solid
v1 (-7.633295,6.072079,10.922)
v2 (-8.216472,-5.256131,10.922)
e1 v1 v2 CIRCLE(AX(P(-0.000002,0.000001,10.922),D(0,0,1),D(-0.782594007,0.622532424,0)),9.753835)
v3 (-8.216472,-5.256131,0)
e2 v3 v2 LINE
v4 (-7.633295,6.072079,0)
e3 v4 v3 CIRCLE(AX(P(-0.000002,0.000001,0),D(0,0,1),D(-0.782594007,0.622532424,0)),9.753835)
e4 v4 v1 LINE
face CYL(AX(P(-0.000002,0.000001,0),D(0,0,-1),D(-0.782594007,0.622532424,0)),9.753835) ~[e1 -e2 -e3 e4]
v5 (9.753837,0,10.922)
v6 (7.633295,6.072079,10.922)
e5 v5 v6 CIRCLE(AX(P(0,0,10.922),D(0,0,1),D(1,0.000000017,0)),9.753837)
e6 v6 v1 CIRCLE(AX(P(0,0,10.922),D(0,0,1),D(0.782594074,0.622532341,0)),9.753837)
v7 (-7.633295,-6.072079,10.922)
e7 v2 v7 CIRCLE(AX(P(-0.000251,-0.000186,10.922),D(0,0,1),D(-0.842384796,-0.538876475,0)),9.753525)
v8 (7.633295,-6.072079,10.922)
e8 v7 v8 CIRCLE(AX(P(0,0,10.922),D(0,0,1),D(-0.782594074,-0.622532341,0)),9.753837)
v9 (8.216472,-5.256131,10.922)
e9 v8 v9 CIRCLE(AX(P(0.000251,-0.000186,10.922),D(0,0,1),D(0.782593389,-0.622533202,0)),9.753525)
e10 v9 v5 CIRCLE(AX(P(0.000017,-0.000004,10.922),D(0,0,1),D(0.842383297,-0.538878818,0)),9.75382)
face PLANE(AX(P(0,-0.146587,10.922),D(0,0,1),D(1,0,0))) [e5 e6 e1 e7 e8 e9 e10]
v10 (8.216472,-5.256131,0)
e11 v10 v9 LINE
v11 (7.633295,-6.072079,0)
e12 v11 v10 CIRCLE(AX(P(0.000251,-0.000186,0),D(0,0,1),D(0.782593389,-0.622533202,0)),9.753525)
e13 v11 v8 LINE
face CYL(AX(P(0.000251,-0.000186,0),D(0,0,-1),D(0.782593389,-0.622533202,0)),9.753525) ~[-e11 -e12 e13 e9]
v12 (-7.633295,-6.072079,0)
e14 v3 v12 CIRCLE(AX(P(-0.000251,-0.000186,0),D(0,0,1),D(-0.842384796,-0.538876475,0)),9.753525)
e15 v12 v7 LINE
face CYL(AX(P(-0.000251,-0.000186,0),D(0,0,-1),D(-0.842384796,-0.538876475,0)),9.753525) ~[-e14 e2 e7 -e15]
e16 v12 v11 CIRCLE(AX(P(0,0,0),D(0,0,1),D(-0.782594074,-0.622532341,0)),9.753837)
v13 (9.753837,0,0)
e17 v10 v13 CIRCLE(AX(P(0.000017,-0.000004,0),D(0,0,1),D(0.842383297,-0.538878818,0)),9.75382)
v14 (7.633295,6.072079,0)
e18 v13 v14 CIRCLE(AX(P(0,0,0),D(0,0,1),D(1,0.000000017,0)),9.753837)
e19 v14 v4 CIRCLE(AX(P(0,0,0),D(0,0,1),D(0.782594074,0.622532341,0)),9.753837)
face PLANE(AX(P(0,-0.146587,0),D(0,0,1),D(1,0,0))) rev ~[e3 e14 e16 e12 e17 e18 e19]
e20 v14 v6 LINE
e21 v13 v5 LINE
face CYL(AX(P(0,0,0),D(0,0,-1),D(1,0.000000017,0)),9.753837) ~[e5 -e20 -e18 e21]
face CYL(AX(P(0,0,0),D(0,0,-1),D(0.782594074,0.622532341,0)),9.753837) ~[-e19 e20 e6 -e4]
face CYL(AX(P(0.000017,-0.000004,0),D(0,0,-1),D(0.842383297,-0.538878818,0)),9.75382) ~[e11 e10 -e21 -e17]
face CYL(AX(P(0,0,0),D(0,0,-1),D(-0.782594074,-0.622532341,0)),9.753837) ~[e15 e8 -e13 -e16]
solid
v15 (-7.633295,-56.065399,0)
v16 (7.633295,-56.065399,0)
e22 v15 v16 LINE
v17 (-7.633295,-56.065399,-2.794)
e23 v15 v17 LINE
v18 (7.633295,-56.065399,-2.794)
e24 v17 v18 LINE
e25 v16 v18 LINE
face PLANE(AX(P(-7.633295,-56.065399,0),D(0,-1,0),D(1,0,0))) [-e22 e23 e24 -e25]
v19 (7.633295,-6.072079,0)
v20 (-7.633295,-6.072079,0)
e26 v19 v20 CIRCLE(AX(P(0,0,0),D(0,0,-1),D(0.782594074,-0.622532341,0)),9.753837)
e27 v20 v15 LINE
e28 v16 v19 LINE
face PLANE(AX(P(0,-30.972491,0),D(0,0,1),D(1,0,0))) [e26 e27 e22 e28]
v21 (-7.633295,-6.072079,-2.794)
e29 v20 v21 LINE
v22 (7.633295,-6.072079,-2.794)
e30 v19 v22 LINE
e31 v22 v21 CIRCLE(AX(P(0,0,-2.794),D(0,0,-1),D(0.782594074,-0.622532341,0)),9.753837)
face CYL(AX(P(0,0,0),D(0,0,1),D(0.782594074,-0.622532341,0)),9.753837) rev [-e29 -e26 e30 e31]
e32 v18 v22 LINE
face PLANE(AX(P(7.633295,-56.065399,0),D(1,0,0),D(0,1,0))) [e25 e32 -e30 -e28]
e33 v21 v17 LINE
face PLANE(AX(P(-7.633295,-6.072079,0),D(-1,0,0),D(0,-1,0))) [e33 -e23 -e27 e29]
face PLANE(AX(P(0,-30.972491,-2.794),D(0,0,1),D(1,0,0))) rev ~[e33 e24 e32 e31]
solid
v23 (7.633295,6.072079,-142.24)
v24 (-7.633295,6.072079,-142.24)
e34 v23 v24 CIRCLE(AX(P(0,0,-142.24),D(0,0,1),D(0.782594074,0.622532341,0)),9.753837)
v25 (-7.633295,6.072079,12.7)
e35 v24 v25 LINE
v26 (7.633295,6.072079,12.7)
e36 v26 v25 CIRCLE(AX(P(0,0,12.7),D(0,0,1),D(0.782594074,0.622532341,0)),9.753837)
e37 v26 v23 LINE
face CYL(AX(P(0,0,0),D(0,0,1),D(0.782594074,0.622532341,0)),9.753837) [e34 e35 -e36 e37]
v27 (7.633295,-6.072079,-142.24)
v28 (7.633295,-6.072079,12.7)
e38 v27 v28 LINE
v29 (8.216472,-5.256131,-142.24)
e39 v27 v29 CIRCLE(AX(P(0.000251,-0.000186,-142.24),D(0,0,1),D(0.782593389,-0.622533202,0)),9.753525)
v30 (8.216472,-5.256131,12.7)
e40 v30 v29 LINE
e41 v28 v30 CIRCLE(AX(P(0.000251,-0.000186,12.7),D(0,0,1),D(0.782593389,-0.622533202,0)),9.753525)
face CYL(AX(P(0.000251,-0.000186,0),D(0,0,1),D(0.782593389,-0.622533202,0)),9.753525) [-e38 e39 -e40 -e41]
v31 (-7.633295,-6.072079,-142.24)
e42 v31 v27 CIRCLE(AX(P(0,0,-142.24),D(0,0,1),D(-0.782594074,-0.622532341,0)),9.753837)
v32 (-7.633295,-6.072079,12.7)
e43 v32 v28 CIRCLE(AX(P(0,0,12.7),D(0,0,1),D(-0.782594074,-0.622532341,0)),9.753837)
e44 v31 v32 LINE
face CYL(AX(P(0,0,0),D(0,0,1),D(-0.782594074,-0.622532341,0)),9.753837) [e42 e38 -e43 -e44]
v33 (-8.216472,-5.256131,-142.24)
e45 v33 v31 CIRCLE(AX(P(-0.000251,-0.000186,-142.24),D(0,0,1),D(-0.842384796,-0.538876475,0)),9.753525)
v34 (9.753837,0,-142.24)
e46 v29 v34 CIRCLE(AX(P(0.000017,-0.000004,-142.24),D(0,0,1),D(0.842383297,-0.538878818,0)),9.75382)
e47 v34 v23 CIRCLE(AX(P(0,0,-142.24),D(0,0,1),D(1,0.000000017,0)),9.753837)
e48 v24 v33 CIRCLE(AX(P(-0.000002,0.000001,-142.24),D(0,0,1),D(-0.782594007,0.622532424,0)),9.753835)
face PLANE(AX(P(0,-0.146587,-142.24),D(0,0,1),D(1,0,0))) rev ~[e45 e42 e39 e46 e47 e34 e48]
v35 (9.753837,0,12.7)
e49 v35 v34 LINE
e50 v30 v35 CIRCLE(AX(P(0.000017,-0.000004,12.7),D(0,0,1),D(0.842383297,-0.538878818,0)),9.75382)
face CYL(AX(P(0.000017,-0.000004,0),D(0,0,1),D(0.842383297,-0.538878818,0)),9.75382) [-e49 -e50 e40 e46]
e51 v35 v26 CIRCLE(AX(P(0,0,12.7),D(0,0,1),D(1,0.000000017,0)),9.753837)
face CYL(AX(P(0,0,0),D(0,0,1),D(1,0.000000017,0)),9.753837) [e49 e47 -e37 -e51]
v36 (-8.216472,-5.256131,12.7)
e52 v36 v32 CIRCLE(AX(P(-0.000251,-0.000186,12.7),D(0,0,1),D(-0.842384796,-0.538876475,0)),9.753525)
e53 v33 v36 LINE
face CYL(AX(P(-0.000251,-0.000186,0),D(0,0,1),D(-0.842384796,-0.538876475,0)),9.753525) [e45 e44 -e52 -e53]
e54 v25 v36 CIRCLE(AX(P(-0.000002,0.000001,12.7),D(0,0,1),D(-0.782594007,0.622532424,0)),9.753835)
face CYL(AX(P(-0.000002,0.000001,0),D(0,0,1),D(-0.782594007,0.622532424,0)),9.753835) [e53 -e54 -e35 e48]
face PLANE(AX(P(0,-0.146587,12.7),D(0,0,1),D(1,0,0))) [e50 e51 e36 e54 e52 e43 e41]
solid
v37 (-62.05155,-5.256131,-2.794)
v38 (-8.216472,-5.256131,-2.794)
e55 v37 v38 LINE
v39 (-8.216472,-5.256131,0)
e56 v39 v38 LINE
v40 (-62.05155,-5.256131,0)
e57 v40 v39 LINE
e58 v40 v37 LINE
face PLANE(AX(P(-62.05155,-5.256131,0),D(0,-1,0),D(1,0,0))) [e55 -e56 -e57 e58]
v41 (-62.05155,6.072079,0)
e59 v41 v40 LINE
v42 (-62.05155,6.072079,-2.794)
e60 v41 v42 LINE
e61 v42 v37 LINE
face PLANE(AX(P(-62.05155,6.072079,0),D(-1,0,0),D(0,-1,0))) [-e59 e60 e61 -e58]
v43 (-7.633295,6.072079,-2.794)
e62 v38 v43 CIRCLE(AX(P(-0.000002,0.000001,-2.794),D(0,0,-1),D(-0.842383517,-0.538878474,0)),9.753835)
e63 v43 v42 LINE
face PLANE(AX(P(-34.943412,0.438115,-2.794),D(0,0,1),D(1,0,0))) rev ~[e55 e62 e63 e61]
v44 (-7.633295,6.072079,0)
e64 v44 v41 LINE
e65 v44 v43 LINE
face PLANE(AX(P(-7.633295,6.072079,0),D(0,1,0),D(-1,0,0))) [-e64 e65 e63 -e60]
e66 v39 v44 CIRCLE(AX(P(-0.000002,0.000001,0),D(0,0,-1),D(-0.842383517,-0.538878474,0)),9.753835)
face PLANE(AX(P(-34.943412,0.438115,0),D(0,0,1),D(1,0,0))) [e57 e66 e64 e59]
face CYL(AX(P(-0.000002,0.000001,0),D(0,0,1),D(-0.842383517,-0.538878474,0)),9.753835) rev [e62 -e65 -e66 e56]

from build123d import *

# Parameters (mm, degrees)
F1_DEPTH      = 10.922
F2_DEPTH      = 2.794
F3_DEPTH      = 12.7
F3_DEPTH_BACK = 142.24


with BuildPart() as f1:
    # F0 (on Top) → F1 (new body)
    with BuildSketch(Plane.XY):
        with BuildLine():
            Line((7.633295, -5.256131), (7.633295, 6.072079))
            Line((7.633295, 6.072079), (-7.633295, 6.072079))
            Line((-7.633295, 6.072079), (-7.633295, -5.256131))
            Line((-7.633295, -5.256131), (-8.216472, -5.256131))
            ThreePointArc((-8.216472, -5.256131), (-7.935378, -5.671606), (-7.633295, -6.072079))
            Line((-7.633295, -6.072079), (7.633295, -6.072079))
            ThreePointArc((7.633295, -6.072079), (7.935378, -5.671606), (8.216472, -5.256131))
            Line((8.216472, -5.256131), (7.633295, -5.256131))
        make_face()
        with BuildLine():
            Line((-7.633295, 6.072079), (7.633295, 6.072079))
            ThreePointArc((7.633295, 6.072079), (0, 9.753837), (-7.633295, 6.072079))
        make_face()
        with BuildLine():
            Line((-7.633295, -5.256131), (-7.633295, 6.072079))
            ThreePointArc((-7.633295, 6.072079), (-9.740938, 0.501464), (-8.216472, -5.256131))
            Line((-8.216472, -5.256131), (-7.633295, -5.256131))
        make_face()
        with BuildLine():
            ThreePointArc((-7.633295, -6.072079), (0, -9.753837), (7.633295, -6.072079))
            Line((7.633295, -6.072079), (-7.633295, -6.072079))
        make_face()
        with BuildLine():
            ThreePointArc((8.216472, -5.256131), (9.36161, -2.738175), (9.753837, 0))
            ThreePointArc((9.753837, 0), (9.208454, 3.215853), (7.633295, 6.072079))
            Line((7.633295, 6.072079), (7.633295, -5.256131))
            Line((7.633295, -5.256131), (8.216472, -5.256131))
        make_face()
    extrude(amount=F1_DEPTH)


with BuildPart() as f2:
    # F0 (on Top) → F2 (new body)
    with BuildSketch(Plane.XY):
        with BuildLine():
            Line((7.633295, -56.065399), (7.633295, -6.072079))
            ThreePointArc((7.633295, -6.072079), (0, -9.753837), (-7.633295, -6.072079))
            Line((-7.633295, -6.072079), (-7.633295, -56.065399))
            Line((-7.633295, -56.065399), (7.633295, -56.065399))
        make_face()
        with BuildLine():
            ThreePointArc((-8.216472, -5.256131), (-9.740938, 0.501464), (-7.633295, 6.072079))
            Line((-7.633295, 6.072079), (-62.05155, 6.072079))
            Line((-62.05155, 6.072079), (-62.05155, -5.256131))
            Line((-62.05155, -5.256131), (-8.216472, -5.256131))
        make_face()
    extrude(amount=-F2_DEPTH)


with BuildPart() as f3:
    # F0 (on Top) → F3 (new body, two sides)
    with BuildSketch(Plane.XY) as f3_sk:
        with BuildLine():
            Line((7.633295, -5.256131), (7.633295, 6.072079))
            Line((7.633295, 6.072079), (-7.633295, 6.072079))
            Line((-7.633295, 6.072079), (-7.633295, -5.256131))
            Line((-7.633295, -5.256131), (-8.216472, -5.256131))
            ThreePointArc((-8.216472, -5.256131), (-7.935378, -5.671606), (-7.633295, -6.072079))
            Line((-7.633295, -6.072079), (7.633295, -6.072079))
            ThreePointArc((7.633295, -6.072079), (7.935378, -5.671606), (8.216472, -5.256131))
            Line((8.216472, -5.256131), (7.633295, -5.256131))
        make_face()
        with BuildLine():
            ThreePointArc((-7.633295, -6.072079), (0, -9.753837), (7.633295, -6.072079))
            Line((7.633295, -6.072079), (-7.633295, -6.072079))
        make_face()
        with BuildLine():
            Line((-7.633295, 6.072079), (7.633295, 6.072079))
            ThreePointArc((7.633295, 6.072079), (0, 9.753837), (-7.633295, 6.072079))
        make_face()
        with BuildLine():
            Line((-7.633295, -5.256131), (-7.633295, 6.072079))
            ThreePointArc((-7.633295, 6.072079), (-9.740938, 0.501464), (-8.216472, -5.256131))
            Line((-8.216472, -5.256131), (-7.633295, -5.256131))
        make_face()
        with BuildLine():
            ThreePointArc((8.216472, -5.256131), (9.36161, -2.738175), (9.753837, 0))
            ThreePointArc((9.753837, 0), (9.208454, 3.215853), (7.633295, 6.072079))
            Line((7.633295, 6.072079), (7.633295, -5.256131))
            Line((7.633295, -5.256131), (8.216472, -5.256131))
        make_face()
    extrude(amount=F3_DEPTH)
    extrude(f3_sk.sketch, amount=-F3_DEPTH_BACK)


solid = Compound([f1.part, f2.part, f3.part])
